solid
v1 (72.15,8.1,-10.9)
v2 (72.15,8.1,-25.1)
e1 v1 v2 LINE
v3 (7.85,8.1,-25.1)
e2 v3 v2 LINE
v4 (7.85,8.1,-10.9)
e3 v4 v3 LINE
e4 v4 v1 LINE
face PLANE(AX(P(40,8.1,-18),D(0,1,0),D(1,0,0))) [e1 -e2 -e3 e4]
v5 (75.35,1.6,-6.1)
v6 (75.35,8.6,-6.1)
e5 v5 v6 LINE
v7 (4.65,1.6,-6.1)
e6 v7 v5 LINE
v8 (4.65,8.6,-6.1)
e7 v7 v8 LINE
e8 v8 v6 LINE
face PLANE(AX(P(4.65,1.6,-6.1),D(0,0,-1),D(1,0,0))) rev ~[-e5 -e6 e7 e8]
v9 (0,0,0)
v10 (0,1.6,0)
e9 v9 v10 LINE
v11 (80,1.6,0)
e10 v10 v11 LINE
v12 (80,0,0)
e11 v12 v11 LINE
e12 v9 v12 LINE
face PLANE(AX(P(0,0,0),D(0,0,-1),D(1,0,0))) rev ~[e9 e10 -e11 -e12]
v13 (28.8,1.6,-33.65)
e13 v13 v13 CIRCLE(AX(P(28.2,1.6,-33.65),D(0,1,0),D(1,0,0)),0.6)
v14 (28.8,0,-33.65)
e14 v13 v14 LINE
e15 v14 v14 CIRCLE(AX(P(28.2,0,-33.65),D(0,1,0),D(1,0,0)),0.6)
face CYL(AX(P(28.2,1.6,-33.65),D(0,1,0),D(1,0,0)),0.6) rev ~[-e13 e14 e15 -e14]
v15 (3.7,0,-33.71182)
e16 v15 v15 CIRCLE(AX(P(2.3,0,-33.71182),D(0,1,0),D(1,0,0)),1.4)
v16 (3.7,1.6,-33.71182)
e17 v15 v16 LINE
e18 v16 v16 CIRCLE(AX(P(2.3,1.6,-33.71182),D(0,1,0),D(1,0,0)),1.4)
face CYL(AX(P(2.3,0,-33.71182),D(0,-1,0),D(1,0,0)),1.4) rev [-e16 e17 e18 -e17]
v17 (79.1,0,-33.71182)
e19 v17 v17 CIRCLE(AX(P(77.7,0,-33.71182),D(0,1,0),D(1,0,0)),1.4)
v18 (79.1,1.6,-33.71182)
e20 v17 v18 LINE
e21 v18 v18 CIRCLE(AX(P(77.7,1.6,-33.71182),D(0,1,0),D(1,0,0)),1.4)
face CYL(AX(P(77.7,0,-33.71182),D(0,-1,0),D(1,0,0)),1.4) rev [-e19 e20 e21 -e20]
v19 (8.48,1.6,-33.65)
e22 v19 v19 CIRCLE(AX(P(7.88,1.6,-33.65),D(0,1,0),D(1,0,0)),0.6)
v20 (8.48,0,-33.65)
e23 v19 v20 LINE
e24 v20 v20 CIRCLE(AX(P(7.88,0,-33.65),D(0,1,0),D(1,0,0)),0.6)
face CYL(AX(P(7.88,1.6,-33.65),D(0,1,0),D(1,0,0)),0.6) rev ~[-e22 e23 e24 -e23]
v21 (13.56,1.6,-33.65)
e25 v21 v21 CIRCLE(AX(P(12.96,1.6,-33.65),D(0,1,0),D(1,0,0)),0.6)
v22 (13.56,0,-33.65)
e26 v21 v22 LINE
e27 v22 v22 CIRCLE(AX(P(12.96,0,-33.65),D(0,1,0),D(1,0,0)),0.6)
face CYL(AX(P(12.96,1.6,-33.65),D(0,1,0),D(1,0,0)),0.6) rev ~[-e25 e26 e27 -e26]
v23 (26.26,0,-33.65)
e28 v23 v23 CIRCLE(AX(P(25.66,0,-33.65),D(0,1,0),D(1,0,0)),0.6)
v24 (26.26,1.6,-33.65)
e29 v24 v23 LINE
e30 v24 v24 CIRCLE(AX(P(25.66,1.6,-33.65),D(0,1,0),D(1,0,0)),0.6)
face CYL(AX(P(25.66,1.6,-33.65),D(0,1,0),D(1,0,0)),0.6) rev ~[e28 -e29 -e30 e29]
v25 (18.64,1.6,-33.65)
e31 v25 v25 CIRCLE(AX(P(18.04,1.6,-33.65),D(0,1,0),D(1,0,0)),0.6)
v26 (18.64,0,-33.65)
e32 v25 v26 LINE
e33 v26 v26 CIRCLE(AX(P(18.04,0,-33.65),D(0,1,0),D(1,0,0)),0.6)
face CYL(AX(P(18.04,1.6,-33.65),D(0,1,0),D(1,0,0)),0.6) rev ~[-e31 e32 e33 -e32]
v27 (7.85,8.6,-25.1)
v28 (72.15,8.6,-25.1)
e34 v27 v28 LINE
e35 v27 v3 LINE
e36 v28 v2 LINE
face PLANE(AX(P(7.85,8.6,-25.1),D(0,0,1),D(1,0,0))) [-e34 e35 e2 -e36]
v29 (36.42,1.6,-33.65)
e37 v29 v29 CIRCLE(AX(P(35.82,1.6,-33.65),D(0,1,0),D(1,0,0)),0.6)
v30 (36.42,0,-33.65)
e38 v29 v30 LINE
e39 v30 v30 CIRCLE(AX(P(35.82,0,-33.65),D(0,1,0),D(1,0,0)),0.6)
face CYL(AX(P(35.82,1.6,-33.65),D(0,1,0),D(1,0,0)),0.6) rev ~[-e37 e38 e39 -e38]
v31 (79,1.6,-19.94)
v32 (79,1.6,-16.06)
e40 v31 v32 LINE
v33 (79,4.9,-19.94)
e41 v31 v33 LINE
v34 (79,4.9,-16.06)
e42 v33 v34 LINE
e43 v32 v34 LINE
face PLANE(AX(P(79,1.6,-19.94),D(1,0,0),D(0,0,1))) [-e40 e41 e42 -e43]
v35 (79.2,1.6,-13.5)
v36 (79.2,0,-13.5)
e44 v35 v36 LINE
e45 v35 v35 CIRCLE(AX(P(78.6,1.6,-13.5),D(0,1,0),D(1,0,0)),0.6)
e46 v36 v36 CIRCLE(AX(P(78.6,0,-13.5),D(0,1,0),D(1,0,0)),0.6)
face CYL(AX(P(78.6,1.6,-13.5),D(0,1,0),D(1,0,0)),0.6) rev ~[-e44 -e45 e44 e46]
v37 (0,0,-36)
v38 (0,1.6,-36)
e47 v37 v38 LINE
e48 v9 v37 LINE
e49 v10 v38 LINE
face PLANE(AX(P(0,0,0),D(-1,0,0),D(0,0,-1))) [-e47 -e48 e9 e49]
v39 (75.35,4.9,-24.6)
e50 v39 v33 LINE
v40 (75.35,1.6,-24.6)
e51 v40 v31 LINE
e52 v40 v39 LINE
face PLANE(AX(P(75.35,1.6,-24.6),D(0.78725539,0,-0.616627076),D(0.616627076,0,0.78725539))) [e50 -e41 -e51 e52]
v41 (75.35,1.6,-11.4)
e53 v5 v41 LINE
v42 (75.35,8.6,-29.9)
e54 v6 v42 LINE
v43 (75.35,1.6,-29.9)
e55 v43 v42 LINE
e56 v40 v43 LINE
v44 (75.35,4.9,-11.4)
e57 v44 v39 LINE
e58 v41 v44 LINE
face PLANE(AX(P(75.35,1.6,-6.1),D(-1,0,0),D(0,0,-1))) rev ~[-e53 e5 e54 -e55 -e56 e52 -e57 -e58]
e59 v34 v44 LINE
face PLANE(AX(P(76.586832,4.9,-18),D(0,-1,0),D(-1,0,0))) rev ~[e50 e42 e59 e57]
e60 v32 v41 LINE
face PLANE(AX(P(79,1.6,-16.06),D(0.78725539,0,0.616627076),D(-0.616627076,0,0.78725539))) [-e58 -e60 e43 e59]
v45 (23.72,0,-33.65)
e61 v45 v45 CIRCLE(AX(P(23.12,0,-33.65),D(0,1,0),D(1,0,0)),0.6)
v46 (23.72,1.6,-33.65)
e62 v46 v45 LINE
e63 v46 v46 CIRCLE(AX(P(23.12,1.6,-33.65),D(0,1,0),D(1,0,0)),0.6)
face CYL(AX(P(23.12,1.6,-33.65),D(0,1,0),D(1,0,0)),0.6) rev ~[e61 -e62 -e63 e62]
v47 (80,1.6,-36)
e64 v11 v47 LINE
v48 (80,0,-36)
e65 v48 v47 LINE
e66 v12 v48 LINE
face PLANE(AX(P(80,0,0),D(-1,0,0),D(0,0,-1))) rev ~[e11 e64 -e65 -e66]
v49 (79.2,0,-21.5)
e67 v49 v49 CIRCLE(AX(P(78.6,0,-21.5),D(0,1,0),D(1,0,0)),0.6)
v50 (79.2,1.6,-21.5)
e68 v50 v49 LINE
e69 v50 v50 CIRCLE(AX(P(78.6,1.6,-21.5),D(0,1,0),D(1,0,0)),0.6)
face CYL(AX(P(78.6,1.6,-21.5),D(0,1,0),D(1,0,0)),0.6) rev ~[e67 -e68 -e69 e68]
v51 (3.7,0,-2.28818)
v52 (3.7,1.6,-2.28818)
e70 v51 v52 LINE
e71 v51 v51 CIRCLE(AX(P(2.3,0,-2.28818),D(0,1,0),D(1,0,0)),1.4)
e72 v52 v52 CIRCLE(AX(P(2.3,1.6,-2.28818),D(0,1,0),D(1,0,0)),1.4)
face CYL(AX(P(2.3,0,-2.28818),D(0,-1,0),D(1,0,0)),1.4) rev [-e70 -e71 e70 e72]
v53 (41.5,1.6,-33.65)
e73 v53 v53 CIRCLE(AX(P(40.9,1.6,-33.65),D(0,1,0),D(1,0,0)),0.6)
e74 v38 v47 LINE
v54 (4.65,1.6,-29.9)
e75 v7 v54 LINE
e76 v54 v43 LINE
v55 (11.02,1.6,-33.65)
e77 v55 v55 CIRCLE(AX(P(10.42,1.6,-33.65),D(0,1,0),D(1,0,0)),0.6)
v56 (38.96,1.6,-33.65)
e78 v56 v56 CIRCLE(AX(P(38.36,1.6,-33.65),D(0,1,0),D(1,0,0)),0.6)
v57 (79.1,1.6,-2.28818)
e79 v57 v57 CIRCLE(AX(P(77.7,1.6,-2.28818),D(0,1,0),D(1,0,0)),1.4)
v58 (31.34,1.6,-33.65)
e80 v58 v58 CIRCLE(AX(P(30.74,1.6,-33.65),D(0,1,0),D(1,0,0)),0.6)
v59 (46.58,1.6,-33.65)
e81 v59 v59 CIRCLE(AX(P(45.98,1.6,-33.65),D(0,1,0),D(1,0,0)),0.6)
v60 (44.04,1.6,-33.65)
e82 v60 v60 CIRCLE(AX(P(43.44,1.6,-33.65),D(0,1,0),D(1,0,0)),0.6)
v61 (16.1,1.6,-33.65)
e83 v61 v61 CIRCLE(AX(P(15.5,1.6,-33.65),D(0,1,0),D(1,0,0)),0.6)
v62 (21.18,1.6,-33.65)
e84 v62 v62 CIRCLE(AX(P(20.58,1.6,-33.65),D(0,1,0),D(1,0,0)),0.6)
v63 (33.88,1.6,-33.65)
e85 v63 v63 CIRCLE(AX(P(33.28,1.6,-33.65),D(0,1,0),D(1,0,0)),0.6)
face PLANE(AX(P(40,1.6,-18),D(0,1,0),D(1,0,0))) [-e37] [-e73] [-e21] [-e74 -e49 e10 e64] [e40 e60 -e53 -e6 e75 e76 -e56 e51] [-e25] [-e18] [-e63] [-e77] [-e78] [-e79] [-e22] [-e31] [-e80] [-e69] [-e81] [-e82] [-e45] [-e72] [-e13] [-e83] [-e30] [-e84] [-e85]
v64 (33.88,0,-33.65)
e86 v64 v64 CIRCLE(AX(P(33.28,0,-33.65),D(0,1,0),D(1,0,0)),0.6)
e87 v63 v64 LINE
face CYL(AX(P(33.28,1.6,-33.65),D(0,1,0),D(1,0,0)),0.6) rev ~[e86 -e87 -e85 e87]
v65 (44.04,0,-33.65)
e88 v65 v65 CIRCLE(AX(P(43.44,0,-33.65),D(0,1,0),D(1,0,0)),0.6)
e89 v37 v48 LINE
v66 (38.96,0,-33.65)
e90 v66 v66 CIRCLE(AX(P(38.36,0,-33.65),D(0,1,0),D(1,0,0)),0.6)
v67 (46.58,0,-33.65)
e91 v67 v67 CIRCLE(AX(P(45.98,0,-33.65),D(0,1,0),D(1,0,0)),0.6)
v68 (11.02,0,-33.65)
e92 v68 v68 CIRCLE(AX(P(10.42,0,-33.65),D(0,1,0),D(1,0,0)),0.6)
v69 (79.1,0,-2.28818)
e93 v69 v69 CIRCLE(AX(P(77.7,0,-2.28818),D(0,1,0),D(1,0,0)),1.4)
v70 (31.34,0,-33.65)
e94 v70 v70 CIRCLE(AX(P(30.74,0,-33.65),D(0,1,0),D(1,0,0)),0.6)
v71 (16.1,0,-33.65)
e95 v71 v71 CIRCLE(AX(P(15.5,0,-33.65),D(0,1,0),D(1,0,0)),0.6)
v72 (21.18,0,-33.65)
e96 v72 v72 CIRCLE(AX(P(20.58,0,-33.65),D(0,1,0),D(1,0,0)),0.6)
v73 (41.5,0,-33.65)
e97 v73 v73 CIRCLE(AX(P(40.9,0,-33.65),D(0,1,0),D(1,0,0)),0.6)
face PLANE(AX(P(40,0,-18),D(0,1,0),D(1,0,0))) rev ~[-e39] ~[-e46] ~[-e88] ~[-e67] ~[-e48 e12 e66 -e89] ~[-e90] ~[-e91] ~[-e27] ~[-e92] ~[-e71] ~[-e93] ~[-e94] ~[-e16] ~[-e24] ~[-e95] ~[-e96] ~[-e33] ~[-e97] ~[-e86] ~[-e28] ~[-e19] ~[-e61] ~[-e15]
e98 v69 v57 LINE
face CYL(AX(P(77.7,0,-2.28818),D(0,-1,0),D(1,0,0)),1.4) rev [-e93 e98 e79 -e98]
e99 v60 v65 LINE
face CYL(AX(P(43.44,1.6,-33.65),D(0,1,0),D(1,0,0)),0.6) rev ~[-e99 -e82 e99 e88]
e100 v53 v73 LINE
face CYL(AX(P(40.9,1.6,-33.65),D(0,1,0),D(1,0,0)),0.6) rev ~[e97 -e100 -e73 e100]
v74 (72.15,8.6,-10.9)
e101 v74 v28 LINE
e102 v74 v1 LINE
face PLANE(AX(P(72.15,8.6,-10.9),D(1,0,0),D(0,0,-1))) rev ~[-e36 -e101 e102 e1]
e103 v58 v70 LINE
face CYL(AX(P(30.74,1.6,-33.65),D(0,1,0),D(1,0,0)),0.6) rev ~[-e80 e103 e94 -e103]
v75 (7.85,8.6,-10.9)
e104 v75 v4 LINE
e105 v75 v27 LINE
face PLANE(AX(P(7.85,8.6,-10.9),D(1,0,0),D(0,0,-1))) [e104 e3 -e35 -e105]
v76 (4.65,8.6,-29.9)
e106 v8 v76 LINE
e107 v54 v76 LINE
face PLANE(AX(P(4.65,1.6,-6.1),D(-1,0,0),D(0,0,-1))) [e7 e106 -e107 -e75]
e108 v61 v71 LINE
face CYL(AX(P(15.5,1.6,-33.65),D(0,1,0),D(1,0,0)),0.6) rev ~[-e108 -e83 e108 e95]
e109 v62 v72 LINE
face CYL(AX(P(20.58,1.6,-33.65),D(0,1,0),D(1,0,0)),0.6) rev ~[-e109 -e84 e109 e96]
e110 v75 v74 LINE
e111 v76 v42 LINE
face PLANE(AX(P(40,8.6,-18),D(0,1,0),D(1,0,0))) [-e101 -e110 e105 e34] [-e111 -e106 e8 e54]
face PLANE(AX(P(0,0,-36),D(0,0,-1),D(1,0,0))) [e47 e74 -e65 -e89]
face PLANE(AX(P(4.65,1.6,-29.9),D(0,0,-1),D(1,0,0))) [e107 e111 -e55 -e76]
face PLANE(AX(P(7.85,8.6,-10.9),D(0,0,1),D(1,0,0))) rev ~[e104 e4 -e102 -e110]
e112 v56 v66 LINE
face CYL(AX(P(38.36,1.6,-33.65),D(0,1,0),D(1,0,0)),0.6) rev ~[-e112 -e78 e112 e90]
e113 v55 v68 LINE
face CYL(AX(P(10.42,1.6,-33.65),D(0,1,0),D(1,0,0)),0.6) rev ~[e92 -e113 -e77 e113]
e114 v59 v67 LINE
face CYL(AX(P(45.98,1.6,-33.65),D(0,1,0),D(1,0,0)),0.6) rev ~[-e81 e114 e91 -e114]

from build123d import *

# Parameters (mm, degrees)
SKETCH1_W           = 80
SKETCH1_H           = 36
SKETCH1_R           = 1.4
BOSS_EXTRUDE1_DEPTH = 1.6
SKETCH2_W           = 70.7
SKETCH2_H           = 23.8
BOSS_EXTRUDE2_DEPTH = 7
SKETCH3_W           = 64.3
SKETCH3_H           = 14.2
CUT_EXTRUDE1_DEPTH  = 0.5
BOSS_EXTRUDE3_DEPTH = 3.3
SKETCH5_R           = 0.6
CUT_EXTRUDE2_DEPTH  = 2.6


with BuildPart() as part:
    # Sketch1 → Boss-Extrude1 (new body)
    with BuildSketch(Plane(origin=(0, 0, 0), x_dir=(1, 0, 0), z_dir=(0, 1, 0))):
        with Locations((40, 18)):
            Rectangle(SKETCH1_W, SKETCH1_H)
        with Locations((2.3, 33.711820065)):
            Circle(SKETCH1_R, mode=Mode.SUBTRACT)
        with Locations((2.3, 2.288179935)):
            Circle(SKETCH1_R, mode=Mode.SUBTRACT)
        with Locations((77.7, 2.288179935)):
            Circle(SKETCH1_R, mode=Mode.SUBTRACT)
        with Locations((77.7, 33.711820065)):
            Circle(SKETCH1_R, mode=Mode.SUBTRACT)
    extrude(amount=BOSS_EXTRUDE1_DEPTH)

    # Sketch2 → Boss-Extrude2 (add)
    with BuildSketch(Plane(origin=(0, 1.6, 0), x_dir=(1, 0, 0), z_dir=(0, 1, 0))):
        with Locations((40, 18)):
            Rectangle(SKETCH2_W, SKETCH2_H)
    extrude(amount=BOSS_EXTRUDE2_DEPTH)

    # Sketch3 → Cut-Extrude1 (cut)
    with BuildSketch(Plane(origin=(0, 8.6, 0), x_dir=(1, 0, 0), z_dir=(0, 1, 0))):
        with Locations((40, 18)):
            Rectangle(SKETCH3_W, SKETCH3_H)
    extrude(amount=-CUT_EXTRUDE1_DEPTH, mode=Mode.SUBTRACT)

    # Sketch4 → Boss-Extrude3 (add)
    with BuildSketch(Plane(origin=(0, 1.6, 0), x_dir=(1, 0, 0), z_dir=(0, 1, 0))):
        Polygon((75.35, 24.6), (79, 19.94), (79, 16.06), (75.35, 11.4), align=None)
    extrude(amount=BOSS_EXTRUDE3_DEPTH)

    # Sketch5 → Cut-Extrude2 (cut, through all)
    with BuildSketch(Plane(origin=(0, 1.6, 0), x_dir=(1, 0, 0), z_dir=(0, 1, 0))):
        with Locations((7.88, 33.65)):
            Circle(SKETCH5_R)
        with Locations((10.42, 33.65)):
            Circle(SKETCH5_R)
        with Locations((12.96, 33.65)):
            Circle(SKETCH5_R)
        with Locations((15.5, 33.65)):
            Circle(SKETCH5_R)
        with Locations((18.04, 33.65)):
            Circle(SKETCH5_R)
        with Locations((20.58, 33.65)):
            Circle(SKETCH5_R)
        with Locations((23.12, 33.65)):
            Circle(SKETCH5_R)
        with Locations((25.66, 33.65)):
            Circle(SKETCH5_R)
        with Locations((28.2, 33.65)):
            Circle(SKETCH5_R)
        with Locations((30.74, 33.65)):
            Circle(SKETCH5_R)
        with Locations((33.28, 33.65)):
            Circle(SKETCH5_R)
        with Locations((35.82, 33.65)):
            Circle(SKETCH5_R)
        with Locations((38.36, 33.65)):
            Circle(SKETCH5_R)
        with Locations((40.9, 33.65)):
            Circle(SKETCH5_R)
        with Locations((43.44, 33.65)):
            Circle(SKETCH5_R)
        with Locations((45.98, 33.65)):
            Circle(SKETCH5_R)
        with Locations((78.6, 21.5)):
            Circle(SKETCH5_R)
        with Locations((78.6, 13.5)):
            Circle(SKETCH5_R)
    extrude(amount=-CUT_EXTRUDE2_DEPTH, mode=Mode.SUBTRACT)


solid = part.part
